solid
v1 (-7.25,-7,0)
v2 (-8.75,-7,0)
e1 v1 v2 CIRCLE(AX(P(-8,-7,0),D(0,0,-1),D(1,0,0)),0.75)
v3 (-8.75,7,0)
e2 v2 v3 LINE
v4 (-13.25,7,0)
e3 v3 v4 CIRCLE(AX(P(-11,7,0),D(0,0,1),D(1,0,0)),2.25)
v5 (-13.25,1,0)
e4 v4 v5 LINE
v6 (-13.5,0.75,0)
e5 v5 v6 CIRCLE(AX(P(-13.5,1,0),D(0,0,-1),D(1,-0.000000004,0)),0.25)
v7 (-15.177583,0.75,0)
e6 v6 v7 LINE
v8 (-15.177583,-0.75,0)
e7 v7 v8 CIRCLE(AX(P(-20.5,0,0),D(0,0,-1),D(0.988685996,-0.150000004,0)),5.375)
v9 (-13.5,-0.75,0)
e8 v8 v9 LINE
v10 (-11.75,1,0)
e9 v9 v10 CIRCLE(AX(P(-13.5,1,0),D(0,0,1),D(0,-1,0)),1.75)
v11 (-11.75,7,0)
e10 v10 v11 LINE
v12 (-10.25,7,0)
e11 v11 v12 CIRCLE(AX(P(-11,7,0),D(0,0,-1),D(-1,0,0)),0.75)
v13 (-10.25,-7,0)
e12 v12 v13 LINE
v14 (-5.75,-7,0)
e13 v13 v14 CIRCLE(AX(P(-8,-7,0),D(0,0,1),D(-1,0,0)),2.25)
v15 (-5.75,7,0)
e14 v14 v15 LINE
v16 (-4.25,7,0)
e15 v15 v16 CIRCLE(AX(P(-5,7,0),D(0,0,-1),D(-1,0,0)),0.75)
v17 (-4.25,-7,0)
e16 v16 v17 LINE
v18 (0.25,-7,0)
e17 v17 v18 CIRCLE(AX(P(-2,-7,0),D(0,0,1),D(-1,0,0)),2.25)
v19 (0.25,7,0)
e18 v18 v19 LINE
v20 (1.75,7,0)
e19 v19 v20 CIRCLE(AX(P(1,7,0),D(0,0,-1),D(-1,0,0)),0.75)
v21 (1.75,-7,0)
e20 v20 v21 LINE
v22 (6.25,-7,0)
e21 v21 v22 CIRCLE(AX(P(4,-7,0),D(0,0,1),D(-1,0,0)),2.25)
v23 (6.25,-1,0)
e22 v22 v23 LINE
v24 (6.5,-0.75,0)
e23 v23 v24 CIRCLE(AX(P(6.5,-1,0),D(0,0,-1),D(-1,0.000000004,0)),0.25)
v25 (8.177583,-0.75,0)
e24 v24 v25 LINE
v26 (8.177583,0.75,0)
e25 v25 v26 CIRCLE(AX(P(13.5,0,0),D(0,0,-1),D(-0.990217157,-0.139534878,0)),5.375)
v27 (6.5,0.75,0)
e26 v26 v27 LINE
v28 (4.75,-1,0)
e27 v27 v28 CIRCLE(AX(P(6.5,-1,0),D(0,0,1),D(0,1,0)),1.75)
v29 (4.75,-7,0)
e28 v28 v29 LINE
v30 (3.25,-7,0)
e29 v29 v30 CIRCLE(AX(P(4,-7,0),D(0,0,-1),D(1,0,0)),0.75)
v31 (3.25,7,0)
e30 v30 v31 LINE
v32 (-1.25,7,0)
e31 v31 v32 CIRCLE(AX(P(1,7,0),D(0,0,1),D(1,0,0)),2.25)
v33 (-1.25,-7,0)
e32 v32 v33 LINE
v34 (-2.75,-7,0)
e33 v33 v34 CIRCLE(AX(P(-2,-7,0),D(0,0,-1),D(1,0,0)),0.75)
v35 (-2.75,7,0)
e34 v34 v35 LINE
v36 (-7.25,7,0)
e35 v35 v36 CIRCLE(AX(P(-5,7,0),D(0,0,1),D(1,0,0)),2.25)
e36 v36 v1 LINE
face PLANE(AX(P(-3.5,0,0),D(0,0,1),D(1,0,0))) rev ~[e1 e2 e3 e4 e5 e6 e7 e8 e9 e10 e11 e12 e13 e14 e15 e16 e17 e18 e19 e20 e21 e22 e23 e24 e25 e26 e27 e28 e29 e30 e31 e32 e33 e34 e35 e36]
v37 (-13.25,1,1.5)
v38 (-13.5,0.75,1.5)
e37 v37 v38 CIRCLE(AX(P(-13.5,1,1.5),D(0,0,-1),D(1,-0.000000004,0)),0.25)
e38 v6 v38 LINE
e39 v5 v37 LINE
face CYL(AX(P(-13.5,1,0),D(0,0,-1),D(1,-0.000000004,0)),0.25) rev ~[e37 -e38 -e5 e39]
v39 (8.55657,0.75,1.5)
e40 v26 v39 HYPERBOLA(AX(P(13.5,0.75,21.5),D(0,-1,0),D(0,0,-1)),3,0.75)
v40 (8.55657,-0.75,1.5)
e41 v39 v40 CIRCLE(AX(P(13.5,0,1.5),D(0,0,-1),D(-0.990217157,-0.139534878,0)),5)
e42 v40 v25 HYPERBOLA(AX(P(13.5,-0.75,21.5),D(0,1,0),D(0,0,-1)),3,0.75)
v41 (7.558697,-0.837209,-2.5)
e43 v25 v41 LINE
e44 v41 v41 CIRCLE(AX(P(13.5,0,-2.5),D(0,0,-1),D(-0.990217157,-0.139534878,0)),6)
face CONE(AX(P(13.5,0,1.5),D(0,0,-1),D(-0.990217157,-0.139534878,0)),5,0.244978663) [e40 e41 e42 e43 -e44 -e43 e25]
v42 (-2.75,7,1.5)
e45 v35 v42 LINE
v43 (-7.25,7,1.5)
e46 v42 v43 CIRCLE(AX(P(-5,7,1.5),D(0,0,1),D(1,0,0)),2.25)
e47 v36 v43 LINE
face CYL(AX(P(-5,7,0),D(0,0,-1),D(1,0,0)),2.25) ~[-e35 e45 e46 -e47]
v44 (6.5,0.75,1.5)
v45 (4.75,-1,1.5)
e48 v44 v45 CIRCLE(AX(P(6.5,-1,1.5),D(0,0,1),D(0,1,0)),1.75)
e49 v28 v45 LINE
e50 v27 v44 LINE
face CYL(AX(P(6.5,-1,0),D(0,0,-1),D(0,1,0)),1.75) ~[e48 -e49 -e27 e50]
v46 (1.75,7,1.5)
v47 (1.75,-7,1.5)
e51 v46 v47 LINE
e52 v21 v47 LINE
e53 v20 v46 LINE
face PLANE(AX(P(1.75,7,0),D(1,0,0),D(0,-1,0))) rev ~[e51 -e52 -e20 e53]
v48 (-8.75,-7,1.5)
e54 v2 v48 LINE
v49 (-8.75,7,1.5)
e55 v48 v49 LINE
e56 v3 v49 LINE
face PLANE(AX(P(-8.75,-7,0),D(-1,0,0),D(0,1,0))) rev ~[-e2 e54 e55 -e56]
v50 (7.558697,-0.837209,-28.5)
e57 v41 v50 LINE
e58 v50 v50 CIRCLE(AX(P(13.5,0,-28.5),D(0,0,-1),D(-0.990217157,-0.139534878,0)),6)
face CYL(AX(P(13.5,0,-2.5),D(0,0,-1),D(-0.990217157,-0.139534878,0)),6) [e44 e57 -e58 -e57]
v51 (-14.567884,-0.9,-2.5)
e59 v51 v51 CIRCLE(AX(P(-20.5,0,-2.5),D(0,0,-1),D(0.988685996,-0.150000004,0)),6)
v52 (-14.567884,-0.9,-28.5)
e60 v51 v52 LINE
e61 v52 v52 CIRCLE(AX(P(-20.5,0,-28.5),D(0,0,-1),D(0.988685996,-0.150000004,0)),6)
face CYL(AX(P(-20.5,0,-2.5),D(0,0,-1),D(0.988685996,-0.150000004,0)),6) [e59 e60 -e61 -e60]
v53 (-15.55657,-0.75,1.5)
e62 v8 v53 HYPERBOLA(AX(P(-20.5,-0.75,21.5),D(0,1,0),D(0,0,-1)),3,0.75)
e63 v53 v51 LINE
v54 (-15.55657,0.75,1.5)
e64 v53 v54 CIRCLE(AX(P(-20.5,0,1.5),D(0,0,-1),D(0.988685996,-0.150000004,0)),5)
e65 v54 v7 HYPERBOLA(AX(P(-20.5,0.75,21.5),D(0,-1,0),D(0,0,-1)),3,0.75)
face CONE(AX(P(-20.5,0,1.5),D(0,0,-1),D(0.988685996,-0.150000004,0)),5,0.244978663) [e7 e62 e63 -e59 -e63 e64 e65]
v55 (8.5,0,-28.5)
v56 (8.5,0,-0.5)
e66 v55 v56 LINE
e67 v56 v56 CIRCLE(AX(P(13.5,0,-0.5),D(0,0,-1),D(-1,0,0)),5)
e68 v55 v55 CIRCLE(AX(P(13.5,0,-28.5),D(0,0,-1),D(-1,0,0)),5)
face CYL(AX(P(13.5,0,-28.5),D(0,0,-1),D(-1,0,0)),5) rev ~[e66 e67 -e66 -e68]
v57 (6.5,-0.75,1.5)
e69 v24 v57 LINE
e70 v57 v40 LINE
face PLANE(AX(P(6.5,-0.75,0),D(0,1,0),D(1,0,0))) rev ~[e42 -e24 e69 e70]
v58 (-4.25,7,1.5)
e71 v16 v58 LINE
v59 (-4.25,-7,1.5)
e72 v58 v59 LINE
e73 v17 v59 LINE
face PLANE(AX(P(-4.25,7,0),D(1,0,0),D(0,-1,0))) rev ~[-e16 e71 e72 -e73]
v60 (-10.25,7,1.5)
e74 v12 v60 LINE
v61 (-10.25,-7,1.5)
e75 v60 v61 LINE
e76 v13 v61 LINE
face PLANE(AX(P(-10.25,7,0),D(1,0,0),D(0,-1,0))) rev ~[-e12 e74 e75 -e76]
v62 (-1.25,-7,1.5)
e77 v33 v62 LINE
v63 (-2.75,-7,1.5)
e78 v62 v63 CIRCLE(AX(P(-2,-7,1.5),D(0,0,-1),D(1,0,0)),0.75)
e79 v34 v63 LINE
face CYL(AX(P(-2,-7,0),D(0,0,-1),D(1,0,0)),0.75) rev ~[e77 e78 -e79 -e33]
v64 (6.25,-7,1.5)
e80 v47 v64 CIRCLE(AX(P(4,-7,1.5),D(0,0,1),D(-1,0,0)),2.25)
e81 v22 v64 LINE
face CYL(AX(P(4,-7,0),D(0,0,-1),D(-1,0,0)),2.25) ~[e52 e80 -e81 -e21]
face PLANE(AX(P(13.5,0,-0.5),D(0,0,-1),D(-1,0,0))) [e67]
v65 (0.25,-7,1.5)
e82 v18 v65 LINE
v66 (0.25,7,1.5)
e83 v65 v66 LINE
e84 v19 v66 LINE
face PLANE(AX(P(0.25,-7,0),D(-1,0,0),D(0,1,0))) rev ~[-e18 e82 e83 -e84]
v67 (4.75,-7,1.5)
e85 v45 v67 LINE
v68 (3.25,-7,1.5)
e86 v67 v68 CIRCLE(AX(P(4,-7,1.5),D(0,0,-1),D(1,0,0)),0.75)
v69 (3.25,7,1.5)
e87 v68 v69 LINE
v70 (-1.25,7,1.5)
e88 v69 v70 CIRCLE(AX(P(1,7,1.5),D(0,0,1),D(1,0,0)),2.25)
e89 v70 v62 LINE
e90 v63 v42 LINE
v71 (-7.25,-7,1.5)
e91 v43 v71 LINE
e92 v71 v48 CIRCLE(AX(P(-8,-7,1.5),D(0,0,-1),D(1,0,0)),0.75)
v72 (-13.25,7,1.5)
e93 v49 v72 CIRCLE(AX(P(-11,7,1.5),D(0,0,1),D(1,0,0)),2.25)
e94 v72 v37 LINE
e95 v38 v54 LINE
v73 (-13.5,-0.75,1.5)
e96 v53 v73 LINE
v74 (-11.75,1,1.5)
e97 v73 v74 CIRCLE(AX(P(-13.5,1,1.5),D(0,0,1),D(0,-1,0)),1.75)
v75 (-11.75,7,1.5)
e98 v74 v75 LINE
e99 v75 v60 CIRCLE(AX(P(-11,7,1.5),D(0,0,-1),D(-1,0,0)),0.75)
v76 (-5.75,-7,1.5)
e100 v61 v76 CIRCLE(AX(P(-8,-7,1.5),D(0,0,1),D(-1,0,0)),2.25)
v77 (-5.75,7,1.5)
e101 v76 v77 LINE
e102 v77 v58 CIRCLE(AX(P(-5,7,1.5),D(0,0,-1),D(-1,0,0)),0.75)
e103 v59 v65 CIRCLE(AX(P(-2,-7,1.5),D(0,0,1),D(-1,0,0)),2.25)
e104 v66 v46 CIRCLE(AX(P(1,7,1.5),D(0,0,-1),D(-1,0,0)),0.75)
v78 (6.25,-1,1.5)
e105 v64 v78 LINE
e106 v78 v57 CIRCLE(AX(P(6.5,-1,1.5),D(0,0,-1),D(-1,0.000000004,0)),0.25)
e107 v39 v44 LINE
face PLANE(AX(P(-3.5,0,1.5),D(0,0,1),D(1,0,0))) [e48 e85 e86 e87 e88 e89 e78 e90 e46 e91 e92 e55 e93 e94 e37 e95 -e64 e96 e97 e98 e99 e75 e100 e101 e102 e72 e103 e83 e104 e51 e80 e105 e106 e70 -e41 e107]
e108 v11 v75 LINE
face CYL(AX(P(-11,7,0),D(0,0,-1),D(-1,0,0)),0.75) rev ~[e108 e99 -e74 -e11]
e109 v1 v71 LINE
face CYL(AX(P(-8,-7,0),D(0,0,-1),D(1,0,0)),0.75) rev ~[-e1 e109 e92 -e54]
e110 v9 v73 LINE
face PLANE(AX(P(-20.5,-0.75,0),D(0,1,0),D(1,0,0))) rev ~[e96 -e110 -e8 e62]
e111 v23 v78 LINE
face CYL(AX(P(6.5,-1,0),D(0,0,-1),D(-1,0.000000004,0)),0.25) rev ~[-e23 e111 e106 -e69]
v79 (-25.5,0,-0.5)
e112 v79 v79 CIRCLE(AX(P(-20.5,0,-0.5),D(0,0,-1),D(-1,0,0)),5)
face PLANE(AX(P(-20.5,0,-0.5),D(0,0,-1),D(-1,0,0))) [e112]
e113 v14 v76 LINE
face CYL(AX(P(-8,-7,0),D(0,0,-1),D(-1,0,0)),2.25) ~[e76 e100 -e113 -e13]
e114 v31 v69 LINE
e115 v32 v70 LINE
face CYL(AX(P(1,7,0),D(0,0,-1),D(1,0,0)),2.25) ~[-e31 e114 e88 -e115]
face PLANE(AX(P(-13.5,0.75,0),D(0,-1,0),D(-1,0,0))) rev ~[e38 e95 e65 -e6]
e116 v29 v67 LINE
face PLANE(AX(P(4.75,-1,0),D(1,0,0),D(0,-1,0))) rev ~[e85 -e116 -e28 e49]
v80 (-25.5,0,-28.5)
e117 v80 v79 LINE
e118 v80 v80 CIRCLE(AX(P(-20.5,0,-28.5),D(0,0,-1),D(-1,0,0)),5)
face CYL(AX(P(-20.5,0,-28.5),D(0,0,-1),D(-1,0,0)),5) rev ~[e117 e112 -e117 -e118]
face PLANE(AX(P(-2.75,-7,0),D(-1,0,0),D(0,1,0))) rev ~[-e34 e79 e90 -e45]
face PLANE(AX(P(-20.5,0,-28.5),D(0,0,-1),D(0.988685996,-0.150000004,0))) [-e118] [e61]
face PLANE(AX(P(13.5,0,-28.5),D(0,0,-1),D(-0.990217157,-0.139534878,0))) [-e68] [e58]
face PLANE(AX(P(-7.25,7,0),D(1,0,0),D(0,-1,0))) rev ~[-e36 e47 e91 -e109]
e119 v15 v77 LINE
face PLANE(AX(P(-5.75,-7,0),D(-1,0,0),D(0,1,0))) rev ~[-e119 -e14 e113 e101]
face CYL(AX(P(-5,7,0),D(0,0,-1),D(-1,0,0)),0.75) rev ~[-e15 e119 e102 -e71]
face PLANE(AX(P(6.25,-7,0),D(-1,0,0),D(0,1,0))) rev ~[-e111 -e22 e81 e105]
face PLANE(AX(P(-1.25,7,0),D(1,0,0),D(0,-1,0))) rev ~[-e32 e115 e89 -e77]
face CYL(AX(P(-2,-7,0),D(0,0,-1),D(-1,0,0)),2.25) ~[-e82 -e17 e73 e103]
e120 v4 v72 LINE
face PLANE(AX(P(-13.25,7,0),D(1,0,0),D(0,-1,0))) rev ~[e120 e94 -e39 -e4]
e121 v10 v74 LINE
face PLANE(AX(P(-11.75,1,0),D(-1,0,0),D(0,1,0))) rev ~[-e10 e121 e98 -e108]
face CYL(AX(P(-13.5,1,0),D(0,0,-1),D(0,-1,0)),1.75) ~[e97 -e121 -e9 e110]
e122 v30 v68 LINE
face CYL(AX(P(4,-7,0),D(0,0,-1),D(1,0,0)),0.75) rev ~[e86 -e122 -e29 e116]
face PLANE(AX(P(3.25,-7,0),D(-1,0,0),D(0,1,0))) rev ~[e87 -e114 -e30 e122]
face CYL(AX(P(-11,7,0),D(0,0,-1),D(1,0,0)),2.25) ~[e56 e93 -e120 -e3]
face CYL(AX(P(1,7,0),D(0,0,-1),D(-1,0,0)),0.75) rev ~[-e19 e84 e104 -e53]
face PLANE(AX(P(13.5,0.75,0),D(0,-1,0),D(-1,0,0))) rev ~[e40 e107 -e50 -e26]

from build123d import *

# Parameters (mm, degrees)
BOSS_EXTRUDE1_DEPTH = 1.5
SKETCH5_R           = 5
CUT_EXTRUDE1_DEPTH  = 28


with BuildPart() as part:
    # Sketch2 → Boss-Extrude1 (new body)
    with BuildSketch(Plane.XY):
        with BuildLine():
            Line((-20.5, -0.75), (-13.5, -0.75))
            ThreePointArc((-13.5, -0.75), (-12.262563133, -0.237436867), (-11.75, 1))
            Line((-11.75, 1), (-11.75, 7))
            ThreePointArc((-11.75, 7), (-11, 7.75), (-10.25, 7))
            Line((-10.25, 7), (-10.25, 0))
            Line((-10.25, 0), (-10.25, -7))
            ThreePointArc((-10.25, -7), (-8, -9.25), (-5.75, -7))
            Line((-5.75, -7), (-5.75, 0))
            Line((-5.75, 0), (-5.75, 7))
            ThreePointArc((-5.75, 7), (-5, 7.75), (-4.25, 7))
            Line((-4.25, 7), (-4.25, 0))
            Line((-4.25, 0), (-4.25, -7))
            ThreePointArc((-4.25, -7), (-2, -9.25), (0.25, -7))
            Line((0.25, -7), (0.25, 0))
            Line((0.25, 0), (0.25, 7))
            ThreePointArc((0.25, 7), (1, 7.75), (1.75, 7))
            Line((1.75, 7), (1.75, 0))
            Line((1.75, 0), (1.75, -7))
            ThreePointArc((1.75, -7), (4, -9.25), (6.25, -7))
            Line((6.25, -7), (6.25, -1))
            ThreePointArc((6.25, -1), (6.323223305, -0.823223305), (6.5, -0.75))
            Line((6.5, -0.75), (13.5, -0.75))
            ThreePointArc((13.5, -0.75), (14.25, 0), (13.5, 0.75))
            Line((13.5, 0.75), (6.5, 0.75))
            ThreePointArc((6.5, 0.75), (5.262563133, 0.237436867), (4.75, -1))
            Line((4.75, -1), (4.75, -7))
            ThreePointArc((4.75, -7), (4, -7.75), (3.25, -7))
            Line((3.25, -7), (3.25, 0))
            Line((3.25, 0), (3.25, 7))
            ThreePointArc((3.25, 7), (1, 9.25), (-1.25, 7))
            Line((-1.25, 7), (-1.25, 0))
            Line((-1.25, 0), (-1.25, -7))
            ThreePointArc((-1.25, -7), (-2, -7.75), (-2.75, -7))
            Line((-2.75, -7), (-2.75, 0))
            Line((-2.75, 0), (-2.75, 7))
            ThreePointArc((-2.75, 7), (-5, 9.25), (-7.25, 7))
            Line((-7.25, 7), (-7.25, 0))
            Line((-7.25, 0), (-7.25, -7))
            ThreePointArc((-7.25, -7), (-8, -7.75), (-8.75, -7))
            Line((-8.75, -7), (-8.75, 0))
            Line((-8.75, 0), (-8.75, 7))
            ThreePointArc((-8.75, 7), (-11, 9.25), (-13.25, 7))
            Line((-13.25, 7), (-13.25, 1))
            ThreePointArc((-13.25, 1), (-13.323223305, 0.823223305), (-13.5, 0.75))
            Line((-13.5, 0.75), (-20.5, 0.75))
            ThreePointArc((-20.5, 0.75), (-21.25, 0), (-20.5, -0.75))
        make_face()
    extrude(amount=BOSS_EXTRUDE1_DEPTH)

    # Sketch3 → Revolve1 (revolve)
    with BuildSketch(Plane(origin=(0, 0, 0), x_dir=(1, 0, 0), z_dir=(0, 1, 0)), mode=Mode.PRIVATE) as revolve1_sk:
        Polygon((-20.5, -1.5), (-25.5, -1.5), (-26.5, 2.5), (-26.5, 28.5), (-20.5, 28.5), align=None)
    revolve(revolve1_sk.sketch.rotate(Axis((-20.5, 0, 1.5), (0, 0, -1)), 188.626926763), axis=Axis((-20.5, 0, 1.5), (0, 0, -1)))

    # Sketch4 → Revolve2 (revolve)
    with BuildSketch(Plane(origin=(0, 0, 0), x_dir=(1, 0, 0), z_dir=(0, 1, 0)), mode=Mode.PRIVATE) as revolve2_sk:
        Polygon((13.5, -1.5), (18.5, -1.5), (19.5, 2.5), (19.5, 28.5), (13.5, 28.5), align=None)
    revolve(revolve2_sk.sketch.rotate(Axis((13.5, 0, 1.5), (0, 0, -1)), 171.979067478), axis=Axis((13.5, 0, 1.5), (0, 0, -1)))

    # Sketch5 → Cut-Extrude1 (cut)
    with BuildSketch(Plane(origin=(0, 0, -28.5), x_dir=(-1, 0, 0), z_dir=(0, 0, -1))):
        with Locations((-13.5, 0)):
            Circle(SKETCH5_R)
        with Locations((20.5, 0)):
            Circle(SKETCH5_R)
    extrude(amount=-CUT_EXTRUDE1_DEPTH, mode=Mode.SUBTRACT)


solid = part.part
